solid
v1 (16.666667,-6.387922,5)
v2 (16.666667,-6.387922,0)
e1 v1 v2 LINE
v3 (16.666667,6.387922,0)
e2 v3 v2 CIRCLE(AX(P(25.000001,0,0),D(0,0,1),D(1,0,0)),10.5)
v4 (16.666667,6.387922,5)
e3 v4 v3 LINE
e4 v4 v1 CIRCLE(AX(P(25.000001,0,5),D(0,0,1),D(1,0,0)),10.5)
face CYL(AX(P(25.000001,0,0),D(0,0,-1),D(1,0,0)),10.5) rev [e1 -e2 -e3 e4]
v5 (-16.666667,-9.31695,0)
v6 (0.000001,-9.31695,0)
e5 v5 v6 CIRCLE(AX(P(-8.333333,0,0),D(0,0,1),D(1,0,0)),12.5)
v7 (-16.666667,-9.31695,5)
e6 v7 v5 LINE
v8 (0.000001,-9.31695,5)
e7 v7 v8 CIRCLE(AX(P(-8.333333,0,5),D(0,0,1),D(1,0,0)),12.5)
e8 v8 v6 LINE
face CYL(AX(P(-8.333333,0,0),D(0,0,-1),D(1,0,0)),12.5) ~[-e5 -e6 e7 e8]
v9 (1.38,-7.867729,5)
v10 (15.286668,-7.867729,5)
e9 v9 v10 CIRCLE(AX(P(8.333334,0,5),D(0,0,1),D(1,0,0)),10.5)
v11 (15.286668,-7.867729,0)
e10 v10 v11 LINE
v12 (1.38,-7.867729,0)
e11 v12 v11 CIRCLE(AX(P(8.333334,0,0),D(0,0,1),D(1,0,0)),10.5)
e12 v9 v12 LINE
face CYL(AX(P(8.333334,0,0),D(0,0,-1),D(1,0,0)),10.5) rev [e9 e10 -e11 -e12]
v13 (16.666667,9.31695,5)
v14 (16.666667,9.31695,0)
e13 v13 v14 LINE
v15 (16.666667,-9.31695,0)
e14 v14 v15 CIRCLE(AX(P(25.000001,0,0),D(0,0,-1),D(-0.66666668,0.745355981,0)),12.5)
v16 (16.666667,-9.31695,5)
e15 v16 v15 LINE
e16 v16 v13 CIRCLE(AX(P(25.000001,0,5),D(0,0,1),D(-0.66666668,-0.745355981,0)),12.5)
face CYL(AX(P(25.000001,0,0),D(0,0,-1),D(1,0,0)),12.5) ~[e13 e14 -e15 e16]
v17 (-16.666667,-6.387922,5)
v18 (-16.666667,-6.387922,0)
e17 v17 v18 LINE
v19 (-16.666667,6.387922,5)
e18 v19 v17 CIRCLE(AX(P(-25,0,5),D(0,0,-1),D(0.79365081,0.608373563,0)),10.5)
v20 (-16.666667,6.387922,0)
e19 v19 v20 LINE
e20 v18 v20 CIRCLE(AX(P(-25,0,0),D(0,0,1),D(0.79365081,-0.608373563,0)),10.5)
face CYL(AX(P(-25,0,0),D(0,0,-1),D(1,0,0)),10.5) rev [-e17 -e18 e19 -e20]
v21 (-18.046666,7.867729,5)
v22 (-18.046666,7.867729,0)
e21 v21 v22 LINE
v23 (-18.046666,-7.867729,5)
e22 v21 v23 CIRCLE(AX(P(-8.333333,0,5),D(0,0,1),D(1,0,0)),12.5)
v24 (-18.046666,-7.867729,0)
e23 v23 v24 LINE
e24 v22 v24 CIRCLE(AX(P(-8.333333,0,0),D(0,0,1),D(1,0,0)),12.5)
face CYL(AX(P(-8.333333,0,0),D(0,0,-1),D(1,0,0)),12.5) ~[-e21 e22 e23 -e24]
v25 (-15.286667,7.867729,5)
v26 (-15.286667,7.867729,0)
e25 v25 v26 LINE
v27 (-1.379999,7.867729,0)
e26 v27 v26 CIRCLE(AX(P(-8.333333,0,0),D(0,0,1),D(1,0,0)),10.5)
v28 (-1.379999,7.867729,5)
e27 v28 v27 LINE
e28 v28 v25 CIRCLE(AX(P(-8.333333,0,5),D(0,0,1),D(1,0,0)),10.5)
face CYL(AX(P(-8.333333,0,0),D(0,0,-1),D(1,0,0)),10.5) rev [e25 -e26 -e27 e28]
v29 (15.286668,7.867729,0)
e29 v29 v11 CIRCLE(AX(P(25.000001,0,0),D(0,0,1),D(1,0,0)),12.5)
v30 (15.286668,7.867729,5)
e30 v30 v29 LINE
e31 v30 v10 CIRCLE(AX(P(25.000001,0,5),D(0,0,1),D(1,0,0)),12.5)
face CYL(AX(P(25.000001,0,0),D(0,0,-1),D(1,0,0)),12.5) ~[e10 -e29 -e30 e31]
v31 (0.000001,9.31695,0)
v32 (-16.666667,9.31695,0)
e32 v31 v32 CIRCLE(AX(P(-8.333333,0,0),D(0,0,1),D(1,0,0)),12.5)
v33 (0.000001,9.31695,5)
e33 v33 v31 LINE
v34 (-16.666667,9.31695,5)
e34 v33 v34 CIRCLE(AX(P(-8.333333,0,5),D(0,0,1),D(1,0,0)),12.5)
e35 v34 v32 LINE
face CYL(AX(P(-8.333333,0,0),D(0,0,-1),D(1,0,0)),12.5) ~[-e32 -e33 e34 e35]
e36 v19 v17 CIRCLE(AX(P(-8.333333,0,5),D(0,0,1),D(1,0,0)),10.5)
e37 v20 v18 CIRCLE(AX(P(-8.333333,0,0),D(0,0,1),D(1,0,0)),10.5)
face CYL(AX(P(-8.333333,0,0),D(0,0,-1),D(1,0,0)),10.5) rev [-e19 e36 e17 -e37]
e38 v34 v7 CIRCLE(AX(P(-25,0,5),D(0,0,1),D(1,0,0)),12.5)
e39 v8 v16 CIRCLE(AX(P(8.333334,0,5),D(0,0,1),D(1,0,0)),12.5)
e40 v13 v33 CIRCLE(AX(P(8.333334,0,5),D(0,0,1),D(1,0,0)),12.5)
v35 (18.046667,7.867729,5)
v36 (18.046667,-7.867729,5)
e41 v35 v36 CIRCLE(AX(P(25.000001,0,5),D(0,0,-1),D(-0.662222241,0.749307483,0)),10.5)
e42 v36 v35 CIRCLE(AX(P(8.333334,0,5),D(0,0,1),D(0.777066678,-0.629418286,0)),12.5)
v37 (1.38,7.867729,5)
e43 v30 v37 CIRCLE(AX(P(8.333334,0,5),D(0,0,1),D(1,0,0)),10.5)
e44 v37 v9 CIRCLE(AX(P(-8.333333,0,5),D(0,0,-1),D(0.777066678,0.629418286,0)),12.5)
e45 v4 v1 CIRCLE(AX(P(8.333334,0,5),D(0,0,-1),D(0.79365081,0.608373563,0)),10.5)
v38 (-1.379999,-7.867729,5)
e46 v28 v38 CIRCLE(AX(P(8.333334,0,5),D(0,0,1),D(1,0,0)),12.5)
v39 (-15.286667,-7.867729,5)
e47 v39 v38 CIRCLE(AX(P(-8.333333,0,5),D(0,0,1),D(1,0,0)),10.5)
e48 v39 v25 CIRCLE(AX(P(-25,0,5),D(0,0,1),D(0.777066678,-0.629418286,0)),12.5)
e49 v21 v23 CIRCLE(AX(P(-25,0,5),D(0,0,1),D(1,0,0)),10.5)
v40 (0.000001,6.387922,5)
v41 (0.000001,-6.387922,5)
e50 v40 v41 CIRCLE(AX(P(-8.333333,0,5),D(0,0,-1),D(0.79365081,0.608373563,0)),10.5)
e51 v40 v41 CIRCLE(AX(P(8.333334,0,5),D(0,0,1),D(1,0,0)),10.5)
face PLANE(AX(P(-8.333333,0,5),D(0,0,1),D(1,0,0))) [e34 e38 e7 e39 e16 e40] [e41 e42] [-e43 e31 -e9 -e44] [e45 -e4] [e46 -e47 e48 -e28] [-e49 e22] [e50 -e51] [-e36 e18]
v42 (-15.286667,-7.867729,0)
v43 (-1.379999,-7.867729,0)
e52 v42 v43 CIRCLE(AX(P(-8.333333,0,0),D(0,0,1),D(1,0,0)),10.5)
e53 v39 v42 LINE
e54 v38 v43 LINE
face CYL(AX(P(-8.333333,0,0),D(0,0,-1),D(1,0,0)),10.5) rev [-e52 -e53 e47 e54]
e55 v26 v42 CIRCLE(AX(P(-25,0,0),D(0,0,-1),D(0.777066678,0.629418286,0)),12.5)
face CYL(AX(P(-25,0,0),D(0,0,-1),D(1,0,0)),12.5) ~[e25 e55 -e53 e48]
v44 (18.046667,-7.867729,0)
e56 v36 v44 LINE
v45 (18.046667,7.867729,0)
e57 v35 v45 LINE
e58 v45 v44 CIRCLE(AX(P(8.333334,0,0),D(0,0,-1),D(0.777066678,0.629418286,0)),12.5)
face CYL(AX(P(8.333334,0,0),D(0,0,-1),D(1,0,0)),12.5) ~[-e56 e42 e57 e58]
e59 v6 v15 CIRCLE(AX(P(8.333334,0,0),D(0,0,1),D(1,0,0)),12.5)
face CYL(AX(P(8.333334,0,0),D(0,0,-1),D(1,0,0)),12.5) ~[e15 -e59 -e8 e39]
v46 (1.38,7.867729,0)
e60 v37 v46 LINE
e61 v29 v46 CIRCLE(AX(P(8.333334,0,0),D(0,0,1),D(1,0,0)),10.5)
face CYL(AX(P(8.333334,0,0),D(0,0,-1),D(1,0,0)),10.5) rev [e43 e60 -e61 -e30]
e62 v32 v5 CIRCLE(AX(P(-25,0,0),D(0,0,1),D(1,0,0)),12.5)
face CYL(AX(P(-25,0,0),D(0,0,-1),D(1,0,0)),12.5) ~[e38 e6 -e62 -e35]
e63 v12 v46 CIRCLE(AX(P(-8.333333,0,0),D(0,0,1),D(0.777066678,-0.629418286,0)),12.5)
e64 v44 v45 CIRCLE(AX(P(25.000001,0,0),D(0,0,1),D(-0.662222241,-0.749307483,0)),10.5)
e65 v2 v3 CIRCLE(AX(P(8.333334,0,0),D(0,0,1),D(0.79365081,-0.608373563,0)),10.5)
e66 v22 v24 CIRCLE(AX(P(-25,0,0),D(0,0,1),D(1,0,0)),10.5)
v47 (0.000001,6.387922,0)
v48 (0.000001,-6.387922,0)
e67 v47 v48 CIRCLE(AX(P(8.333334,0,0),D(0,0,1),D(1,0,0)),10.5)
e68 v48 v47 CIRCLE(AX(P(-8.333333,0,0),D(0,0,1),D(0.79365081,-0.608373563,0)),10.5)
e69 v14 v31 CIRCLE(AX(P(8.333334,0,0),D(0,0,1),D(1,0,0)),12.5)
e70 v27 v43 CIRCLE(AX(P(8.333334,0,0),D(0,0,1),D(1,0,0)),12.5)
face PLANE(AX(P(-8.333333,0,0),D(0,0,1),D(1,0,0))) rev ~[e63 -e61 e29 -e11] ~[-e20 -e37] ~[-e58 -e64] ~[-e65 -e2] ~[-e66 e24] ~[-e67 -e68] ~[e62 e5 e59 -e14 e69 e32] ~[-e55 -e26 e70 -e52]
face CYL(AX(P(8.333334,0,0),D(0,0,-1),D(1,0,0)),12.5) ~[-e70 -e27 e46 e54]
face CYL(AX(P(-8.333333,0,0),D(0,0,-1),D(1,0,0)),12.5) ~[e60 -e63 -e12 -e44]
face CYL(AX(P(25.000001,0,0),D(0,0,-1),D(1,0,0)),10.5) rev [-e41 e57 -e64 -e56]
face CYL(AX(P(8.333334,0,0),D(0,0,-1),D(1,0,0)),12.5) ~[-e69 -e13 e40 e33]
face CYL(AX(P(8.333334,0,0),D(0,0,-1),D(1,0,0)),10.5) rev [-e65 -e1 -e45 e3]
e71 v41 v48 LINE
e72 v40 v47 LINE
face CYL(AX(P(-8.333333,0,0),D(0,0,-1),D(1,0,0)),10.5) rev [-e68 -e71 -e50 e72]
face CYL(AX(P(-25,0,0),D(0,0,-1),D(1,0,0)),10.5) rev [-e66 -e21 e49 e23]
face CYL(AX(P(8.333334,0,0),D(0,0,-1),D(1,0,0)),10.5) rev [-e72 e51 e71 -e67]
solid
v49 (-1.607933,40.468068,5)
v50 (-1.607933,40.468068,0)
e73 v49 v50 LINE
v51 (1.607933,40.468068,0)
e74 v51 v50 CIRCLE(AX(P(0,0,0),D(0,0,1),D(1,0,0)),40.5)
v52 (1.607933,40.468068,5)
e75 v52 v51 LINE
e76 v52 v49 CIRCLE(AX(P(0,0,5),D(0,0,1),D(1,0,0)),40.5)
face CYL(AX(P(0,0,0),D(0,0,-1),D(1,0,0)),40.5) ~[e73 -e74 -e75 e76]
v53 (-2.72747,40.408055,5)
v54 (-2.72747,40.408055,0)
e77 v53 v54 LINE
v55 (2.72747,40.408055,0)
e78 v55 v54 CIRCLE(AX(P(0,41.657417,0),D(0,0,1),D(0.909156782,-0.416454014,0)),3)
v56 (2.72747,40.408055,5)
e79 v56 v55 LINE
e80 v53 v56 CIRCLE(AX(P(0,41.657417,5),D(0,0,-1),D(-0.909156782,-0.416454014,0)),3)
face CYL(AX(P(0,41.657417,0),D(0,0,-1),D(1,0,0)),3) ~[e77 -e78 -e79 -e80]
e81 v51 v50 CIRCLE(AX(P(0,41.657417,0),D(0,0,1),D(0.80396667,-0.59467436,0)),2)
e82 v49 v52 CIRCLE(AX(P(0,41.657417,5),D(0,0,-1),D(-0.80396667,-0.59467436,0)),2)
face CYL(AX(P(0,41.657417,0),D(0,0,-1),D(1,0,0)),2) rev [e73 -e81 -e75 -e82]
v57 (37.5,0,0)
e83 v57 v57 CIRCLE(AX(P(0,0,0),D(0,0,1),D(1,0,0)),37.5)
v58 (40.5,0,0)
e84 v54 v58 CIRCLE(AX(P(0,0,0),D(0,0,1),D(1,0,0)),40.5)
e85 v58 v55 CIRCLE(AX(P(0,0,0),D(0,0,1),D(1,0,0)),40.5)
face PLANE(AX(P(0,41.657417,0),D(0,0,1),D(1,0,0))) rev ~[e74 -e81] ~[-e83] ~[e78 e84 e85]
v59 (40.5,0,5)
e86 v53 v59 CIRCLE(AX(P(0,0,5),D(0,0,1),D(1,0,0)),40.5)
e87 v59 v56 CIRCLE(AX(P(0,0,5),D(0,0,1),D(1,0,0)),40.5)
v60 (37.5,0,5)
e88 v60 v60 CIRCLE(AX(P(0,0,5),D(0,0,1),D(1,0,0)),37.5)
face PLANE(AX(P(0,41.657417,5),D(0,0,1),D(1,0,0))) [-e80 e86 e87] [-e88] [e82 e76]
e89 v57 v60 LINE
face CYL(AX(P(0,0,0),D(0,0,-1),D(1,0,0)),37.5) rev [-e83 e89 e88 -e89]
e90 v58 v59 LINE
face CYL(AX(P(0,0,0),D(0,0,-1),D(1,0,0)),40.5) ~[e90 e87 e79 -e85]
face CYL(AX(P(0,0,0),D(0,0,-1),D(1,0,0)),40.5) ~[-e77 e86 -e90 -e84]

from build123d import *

# Parameters (mm, degrees)
SKETCH001_R         = 12.5
SKETCH001_R_2       = 10.5
PAD_DEPTH           = 5
LINEARPATTERN_COUNT = 4
LINEARPATTERN_PITCH = 16.666667
SKETCH_R            = 40.5
SKETCH_R_2          = 37.5
PAD001_DEPTH        = 5
SKETCH002_R         = 3
SKETCH002_R_2       = 2
PAD002_DEPTH        = 5


with BuildPart() as body:
    # Sketch001 → Pad (new body)
    with BuildSketch(Plane.XY):
        with Locations((-25, 0)):
            Circle(SKETCH001_R)
        with Locations((-25, 0)):
            Circle(SKETCH001_R_2, mode=Mode.SUBTRACT)
    pad = extrude(amount=PAD_DEPTH)

    # LinearPattern: Pad ×4
    with Locations(*[(i * LINEARPATTERN_PITCH, 0, 0) for i in range(1, LINEARPATTERN_COUNT)]):
        add(pad)


with BuildPart() as body001:
    # Sketch → Pad001 (new body)
    with BuildSketch(Plane.XY):
        Circle(SKETCH_R)
        Circle(SKETCH_R_2, mode=Mode.SUBTRACT)
    extrude(amount=PAD001_DEPTH)

    # Sketch002 → Pad002 (join)
    with BuildSketch(Plane.XY):
        with Locations((0, 41.657417)):
            Circle(SKETCH002_R)
        with Locations((0, 41.657417)):
            Circle(SKETCH002_R_2, mode=Mode.SUBTRACT)
    extrude(amount=PAD002_DEPTH)


solid = Compound([body.part, body001.part])
